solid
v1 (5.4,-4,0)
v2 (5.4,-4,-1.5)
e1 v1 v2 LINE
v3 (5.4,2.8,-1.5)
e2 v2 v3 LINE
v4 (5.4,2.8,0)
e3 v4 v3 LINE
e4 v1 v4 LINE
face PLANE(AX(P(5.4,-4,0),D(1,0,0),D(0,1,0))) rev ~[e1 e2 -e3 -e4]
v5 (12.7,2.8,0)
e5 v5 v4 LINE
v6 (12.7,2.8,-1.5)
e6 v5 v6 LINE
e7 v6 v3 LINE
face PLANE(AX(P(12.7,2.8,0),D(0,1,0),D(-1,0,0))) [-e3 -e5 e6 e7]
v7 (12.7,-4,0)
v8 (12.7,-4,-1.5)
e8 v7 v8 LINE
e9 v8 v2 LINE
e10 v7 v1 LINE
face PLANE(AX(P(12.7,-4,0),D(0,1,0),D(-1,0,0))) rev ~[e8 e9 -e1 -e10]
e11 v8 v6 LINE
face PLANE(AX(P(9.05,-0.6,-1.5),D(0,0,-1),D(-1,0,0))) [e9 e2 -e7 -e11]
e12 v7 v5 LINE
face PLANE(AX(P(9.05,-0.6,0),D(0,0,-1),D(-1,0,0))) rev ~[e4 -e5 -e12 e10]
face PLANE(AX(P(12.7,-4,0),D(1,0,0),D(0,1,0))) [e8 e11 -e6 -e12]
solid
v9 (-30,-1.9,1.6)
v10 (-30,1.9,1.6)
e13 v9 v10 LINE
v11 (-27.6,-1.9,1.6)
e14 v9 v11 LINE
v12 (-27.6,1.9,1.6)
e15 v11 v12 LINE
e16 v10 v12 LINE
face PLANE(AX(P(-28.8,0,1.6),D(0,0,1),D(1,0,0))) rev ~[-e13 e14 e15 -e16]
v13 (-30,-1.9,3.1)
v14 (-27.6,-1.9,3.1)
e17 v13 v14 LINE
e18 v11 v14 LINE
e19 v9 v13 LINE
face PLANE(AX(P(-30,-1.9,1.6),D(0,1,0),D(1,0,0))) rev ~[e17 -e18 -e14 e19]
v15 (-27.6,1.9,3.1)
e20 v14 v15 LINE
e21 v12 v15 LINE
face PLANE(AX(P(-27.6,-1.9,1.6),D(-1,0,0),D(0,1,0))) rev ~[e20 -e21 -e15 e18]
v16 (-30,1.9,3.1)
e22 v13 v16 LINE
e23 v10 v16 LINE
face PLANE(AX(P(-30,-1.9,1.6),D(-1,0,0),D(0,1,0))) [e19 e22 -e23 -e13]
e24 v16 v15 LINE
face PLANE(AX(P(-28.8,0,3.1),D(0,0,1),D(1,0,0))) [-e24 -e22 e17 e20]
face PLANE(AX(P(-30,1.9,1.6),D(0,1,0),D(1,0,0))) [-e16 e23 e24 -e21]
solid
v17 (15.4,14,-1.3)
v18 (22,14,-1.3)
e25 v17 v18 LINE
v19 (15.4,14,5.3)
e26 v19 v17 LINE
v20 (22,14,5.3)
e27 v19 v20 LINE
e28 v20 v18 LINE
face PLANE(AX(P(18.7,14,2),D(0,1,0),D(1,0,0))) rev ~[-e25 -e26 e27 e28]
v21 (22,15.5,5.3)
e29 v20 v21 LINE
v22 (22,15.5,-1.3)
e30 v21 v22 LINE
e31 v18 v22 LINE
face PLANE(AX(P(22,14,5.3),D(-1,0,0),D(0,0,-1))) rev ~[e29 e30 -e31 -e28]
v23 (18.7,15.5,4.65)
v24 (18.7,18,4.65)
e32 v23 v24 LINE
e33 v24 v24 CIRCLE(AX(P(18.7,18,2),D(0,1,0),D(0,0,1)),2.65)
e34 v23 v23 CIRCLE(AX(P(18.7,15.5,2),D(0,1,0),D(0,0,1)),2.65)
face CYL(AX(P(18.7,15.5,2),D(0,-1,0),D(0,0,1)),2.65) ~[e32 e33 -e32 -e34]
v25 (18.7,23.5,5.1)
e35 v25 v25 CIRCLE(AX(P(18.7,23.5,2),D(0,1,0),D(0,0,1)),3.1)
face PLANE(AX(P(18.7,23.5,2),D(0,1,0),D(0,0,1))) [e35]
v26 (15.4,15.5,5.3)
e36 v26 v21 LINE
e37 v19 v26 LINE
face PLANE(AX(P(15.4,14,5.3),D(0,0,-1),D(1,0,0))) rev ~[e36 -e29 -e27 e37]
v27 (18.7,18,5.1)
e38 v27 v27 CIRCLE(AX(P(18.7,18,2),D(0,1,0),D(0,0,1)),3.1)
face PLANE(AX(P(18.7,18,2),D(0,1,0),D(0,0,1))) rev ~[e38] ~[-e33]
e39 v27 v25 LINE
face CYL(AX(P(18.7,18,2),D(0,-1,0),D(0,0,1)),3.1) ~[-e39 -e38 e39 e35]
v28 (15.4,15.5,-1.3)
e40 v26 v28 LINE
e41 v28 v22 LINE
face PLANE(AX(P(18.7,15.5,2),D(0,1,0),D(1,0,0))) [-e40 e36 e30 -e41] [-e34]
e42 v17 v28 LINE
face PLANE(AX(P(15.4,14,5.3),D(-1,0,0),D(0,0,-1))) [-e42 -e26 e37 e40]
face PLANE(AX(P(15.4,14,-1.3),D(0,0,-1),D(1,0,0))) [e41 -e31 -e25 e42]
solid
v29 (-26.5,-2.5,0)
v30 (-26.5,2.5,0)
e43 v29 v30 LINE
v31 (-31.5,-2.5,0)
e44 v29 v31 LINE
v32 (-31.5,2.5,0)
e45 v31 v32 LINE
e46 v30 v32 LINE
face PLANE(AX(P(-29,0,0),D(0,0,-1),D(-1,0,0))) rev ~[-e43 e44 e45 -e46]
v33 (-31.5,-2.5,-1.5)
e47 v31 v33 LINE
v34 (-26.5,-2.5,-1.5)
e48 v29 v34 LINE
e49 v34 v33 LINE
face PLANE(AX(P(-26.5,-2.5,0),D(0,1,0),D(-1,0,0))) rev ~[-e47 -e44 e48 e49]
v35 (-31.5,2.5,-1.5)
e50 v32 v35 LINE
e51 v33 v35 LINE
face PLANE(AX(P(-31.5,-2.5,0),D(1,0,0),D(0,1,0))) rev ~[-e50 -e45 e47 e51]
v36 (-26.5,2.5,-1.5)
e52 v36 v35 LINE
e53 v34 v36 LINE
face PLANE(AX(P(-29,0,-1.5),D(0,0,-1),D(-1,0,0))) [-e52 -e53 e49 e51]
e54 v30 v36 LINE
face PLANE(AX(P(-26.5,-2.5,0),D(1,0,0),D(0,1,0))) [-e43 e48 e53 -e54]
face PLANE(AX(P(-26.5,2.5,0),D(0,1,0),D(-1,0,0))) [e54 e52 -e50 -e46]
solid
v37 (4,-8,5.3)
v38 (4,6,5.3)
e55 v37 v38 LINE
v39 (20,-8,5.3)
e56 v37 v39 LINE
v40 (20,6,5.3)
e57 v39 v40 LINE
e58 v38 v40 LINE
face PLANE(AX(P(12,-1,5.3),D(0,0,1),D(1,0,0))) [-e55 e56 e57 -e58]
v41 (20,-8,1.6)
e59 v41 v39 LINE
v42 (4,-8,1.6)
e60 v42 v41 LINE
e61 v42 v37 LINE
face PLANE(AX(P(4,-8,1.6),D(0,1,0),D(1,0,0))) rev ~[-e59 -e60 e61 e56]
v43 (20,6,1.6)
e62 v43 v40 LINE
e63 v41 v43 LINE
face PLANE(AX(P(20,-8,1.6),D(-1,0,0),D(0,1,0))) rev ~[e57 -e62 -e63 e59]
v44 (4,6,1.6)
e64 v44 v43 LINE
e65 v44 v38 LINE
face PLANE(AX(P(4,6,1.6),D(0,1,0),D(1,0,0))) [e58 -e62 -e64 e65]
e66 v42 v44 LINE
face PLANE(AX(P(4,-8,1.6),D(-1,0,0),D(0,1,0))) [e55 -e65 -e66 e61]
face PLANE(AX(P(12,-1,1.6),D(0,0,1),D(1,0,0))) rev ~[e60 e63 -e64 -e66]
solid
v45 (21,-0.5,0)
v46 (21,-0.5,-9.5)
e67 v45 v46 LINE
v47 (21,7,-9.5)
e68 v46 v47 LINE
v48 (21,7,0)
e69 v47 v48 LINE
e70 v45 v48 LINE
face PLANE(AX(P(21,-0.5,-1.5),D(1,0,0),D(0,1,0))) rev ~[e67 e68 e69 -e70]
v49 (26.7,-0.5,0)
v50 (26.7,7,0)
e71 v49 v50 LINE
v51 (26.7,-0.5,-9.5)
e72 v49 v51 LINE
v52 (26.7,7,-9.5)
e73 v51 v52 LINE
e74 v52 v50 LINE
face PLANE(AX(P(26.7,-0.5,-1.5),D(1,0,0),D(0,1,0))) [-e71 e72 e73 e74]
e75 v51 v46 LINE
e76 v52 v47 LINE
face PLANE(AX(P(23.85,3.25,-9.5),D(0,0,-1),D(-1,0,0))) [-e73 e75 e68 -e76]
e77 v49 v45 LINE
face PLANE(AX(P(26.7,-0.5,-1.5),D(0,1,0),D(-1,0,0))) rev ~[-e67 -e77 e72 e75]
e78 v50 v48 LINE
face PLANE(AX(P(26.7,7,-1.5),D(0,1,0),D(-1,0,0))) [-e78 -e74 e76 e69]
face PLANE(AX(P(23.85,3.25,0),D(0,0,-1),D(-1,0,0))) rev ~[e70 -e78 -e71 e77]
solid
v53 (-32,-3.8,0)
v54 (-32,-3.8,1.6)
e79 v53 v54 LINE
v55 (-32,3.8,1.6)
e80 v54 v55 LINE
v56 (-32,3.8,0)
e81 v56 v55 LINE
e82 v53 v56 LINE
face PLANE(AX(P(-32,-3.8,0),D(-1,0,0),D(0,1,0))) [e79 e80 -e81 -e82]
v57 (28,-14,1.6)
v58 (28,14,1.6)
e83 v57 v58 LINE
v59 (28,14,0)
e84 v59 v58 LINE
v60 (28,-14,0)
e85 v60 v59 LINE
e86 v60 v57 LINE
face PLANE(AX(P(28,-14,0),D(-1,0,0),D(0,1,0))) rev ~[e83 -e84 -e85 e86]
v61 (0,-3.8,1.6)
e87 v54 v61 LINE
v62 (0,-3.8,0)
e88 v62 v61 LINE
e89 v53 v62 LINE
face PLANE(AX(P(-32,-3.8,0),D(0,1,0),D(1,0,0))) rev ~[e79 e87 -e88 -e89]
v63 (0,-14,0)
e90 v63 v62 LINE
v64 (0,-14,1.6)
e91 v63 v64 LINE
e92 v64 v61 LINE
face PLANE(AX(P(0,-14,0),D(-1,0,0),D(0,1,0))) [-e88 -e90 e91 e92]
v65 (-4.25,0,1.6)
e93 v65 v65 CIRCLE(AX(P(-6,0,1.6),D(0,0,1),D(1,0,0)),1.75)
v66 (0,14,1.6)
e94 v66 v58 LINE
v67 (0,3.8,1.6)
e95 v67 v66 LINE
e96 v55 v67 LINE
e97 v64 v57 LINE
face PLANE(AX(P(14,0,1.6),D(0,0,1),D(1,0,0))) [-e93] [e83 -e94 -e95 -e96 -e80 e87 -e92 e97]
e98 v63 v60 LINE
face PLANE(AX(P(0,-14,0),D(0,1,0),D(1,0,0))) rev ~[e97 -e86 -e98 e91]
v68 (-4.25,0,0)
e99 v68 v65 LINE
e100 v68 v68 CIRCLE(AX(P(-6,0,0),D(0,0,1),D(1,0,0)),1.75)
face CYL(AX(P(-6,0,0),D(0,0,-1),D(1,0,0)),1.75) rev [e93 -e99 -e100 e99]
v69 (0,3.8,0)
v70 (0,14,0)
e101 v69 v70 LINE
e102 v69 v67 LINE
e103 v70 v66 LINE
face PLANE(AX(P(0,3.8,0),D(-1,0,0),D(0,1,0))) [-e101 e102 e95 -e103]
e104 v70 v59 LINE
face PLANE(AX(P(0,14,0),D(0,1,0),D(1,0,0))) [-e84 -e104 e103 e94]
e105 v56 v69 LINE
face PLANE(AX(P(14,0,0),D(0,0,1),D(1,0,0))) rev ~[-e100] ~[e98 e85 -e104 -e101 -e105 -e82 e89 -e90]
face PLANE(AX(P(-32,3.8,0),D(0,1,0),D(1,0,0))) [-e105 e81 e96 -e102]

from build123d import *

# Parameters (mm, degrees)
SKETCH1_W             = 28
SKETCH1_H             = 28
SKETCH1_W_2           = 32
SKETCH1_H_2           = 7.6
SKETCH1_R             = 1.75
BOSS_EXTRUDE1_DEPTH   = 1.6
SKETCH2_W             = 6.6
SKETCH2_H             = 6.6
BOSS_EXTRUDE2_DEPTH   = 1.5
SKETCH3_R             = 2.65
BOSS_EXTRUDE3_DEPTH   = 2.5
SKETCH4_R             = 3.1
BOSS_EXTRUDE4_DEPTH   = 5.5
SKETCH5_W             = 16
SKETCH5_H             = 14
BOSS_EXTRUDE5_DEPTH   = 3.7
SKETCH6_W             = 2.4
SKETCH6_H             = 3.8
BOSS_EXTRUDE6_DEPTH   = 1.5
SKETCH7_W             = 5.7
SKETCH7_H             = 7.5
BOSS_EXTRUDE7_DEPTH   = 1.5
SKETCH7_W_2           = 7.3
SKETCH7_H_2           = 6.8
BOSS_EXTRUDE7_2_DEPTH = 1.5
SKETCH7_W_3           = 5
SKETCH7_H_3           = 5
BOSS_EXTRUDE7_3_DEPTH = 1.5
MOVE_FACE2_BY         = 8


with BuildPart() as part:
    # Sketch1 → Boss-Extrude1 (new body)
    with BuildSketch(Plane.XY):
        with Locations((14, 0)):
            Rectangle(SKETCH1_W, SKETCH1_H)
        with Locations((-16, 0)):
            Rectangle(SKETCH1_W_2, SKETCH1_H_2)
        with Locations((-6, 0)):
            Circle(SKETCH1_R, mode=Mode.SUBTRACT)
    extrude(amount=BOSS_EXTRUDE1_DEPTH)


with BuildPart() as body_2:
    # Sketch2 → Boss-Extrude2 (new body)
    with BuildSketch(Plane(origin=(0, 14, 0), x_dir=(1, 0, 0), z_dir=(0, 1, 0))):
        with Locations((18.7, -2)):
            Rectangle(SKETCH2_W, SKETCH2_H)
    extrude(amount=BOSS_EXTRUDE2_DEPTH)

    # Sketch3 → Boss-Extrude3 (add)
    with BuildSketch(Plane(origin=(0, 15.5, 0), x_dir=(1, 0, 0), z_dir=(0, 1, 0))):
        with Locations(Location((18.7, -2, 0), (0, 0, 270))):
            Circle(SKETCH3_R)
    extrude(amount=BOSS_EXTRUDE3_DEPTH)

    # Sketch4 → Boss-Extrude4 (add)
    with BuildSketch(Plane(origin=(0, 18, 0), x_dir=(1, 0, 0), z_dir=(0, 1, 0))):
        with Locations(Location((18.7, -2, 0), (0, 0, 270))):
            Circle(SKETCH4_R)
    extrude(amount=BOSS_EXTRUDE4_DEPTH)


with BuildPart() as body_3:
    # Sketch5 → Boss-Extrude5 (new body)
    with BuildSketch(Plane.XY.offset(1.6)):
        with Locations((12, -1)):
            Rectangle(SKETCH5_W, SKETCH5_H)
    extrude(amount=BOSS_EXTRUDE5_DEPTH)


with BuildPart() as body_4:
    # Sketch6 → Boss-Extrude6 (new body)
    with BuildSketch(Plane.XY.offset(1.6)):
        with Locations((-28.8, 0)):
            Rectangle(SKETCH6_W, SKETCH6_H)
    extrude(amount=BOSS_EXTRUDE6_DEPTH)


with BuildPart() as body_5:
    # Sketch7 → Boss-Extrude7 (new body)
    with BuildSketch(Plane(origin=(0, 0, 0), x_dir=(-1, 0, 0), z_dir=(0, 0, -1))):
        with Locations((-23.85, 3.25)):
            Rectangle(SKETCH7_W, SKETCH7_H)
    extrude(amount=BOSS_EXTRUDE7_DEPTH)

    # Move Face2: a face moved outward by 8.0
    extrude(body_5.faces().sort_by_distance((23.85, 3.25, -1.5))[0], amount=MOVE_FACE2_BY, dir=(0, 0, -1))


with BuildPart() as body_6:
    # Sketch7 → Boss-Extrude7 2 (new body)
    with BuildSketch(Plane(origin=(0, 0, 0), x_dir=(-1, 0, 0), z_dir=(0, 0, -1))):
        with Locations((-9.05, -0.6)):
            Rectangle(SKETCH7_W_2, SKETCH7_H_2)
    extrude(amount=BOSS_EXTRUDE7_2_DEPTH)


with BuildPart() as body_7:
    # Sketch7 → Boss-Extrude7 3 (new body)
    with BuildSketch(Plane(origin=(0, 0, 0), x_dir=(-1, 0, 0), z_dir=(0, 0, -1))):
        with Locations((29, 0)):
            Rectangle(SKETCH7_W_3, SKETCH7_H_3)
    extrude(amount=BOSS_EXTRUDE7_3_DEPTH)


solid = Compound([part.part, body_2.part, body_3.part, body_4.part, body_5.part, body_6.part, body_7.part])
